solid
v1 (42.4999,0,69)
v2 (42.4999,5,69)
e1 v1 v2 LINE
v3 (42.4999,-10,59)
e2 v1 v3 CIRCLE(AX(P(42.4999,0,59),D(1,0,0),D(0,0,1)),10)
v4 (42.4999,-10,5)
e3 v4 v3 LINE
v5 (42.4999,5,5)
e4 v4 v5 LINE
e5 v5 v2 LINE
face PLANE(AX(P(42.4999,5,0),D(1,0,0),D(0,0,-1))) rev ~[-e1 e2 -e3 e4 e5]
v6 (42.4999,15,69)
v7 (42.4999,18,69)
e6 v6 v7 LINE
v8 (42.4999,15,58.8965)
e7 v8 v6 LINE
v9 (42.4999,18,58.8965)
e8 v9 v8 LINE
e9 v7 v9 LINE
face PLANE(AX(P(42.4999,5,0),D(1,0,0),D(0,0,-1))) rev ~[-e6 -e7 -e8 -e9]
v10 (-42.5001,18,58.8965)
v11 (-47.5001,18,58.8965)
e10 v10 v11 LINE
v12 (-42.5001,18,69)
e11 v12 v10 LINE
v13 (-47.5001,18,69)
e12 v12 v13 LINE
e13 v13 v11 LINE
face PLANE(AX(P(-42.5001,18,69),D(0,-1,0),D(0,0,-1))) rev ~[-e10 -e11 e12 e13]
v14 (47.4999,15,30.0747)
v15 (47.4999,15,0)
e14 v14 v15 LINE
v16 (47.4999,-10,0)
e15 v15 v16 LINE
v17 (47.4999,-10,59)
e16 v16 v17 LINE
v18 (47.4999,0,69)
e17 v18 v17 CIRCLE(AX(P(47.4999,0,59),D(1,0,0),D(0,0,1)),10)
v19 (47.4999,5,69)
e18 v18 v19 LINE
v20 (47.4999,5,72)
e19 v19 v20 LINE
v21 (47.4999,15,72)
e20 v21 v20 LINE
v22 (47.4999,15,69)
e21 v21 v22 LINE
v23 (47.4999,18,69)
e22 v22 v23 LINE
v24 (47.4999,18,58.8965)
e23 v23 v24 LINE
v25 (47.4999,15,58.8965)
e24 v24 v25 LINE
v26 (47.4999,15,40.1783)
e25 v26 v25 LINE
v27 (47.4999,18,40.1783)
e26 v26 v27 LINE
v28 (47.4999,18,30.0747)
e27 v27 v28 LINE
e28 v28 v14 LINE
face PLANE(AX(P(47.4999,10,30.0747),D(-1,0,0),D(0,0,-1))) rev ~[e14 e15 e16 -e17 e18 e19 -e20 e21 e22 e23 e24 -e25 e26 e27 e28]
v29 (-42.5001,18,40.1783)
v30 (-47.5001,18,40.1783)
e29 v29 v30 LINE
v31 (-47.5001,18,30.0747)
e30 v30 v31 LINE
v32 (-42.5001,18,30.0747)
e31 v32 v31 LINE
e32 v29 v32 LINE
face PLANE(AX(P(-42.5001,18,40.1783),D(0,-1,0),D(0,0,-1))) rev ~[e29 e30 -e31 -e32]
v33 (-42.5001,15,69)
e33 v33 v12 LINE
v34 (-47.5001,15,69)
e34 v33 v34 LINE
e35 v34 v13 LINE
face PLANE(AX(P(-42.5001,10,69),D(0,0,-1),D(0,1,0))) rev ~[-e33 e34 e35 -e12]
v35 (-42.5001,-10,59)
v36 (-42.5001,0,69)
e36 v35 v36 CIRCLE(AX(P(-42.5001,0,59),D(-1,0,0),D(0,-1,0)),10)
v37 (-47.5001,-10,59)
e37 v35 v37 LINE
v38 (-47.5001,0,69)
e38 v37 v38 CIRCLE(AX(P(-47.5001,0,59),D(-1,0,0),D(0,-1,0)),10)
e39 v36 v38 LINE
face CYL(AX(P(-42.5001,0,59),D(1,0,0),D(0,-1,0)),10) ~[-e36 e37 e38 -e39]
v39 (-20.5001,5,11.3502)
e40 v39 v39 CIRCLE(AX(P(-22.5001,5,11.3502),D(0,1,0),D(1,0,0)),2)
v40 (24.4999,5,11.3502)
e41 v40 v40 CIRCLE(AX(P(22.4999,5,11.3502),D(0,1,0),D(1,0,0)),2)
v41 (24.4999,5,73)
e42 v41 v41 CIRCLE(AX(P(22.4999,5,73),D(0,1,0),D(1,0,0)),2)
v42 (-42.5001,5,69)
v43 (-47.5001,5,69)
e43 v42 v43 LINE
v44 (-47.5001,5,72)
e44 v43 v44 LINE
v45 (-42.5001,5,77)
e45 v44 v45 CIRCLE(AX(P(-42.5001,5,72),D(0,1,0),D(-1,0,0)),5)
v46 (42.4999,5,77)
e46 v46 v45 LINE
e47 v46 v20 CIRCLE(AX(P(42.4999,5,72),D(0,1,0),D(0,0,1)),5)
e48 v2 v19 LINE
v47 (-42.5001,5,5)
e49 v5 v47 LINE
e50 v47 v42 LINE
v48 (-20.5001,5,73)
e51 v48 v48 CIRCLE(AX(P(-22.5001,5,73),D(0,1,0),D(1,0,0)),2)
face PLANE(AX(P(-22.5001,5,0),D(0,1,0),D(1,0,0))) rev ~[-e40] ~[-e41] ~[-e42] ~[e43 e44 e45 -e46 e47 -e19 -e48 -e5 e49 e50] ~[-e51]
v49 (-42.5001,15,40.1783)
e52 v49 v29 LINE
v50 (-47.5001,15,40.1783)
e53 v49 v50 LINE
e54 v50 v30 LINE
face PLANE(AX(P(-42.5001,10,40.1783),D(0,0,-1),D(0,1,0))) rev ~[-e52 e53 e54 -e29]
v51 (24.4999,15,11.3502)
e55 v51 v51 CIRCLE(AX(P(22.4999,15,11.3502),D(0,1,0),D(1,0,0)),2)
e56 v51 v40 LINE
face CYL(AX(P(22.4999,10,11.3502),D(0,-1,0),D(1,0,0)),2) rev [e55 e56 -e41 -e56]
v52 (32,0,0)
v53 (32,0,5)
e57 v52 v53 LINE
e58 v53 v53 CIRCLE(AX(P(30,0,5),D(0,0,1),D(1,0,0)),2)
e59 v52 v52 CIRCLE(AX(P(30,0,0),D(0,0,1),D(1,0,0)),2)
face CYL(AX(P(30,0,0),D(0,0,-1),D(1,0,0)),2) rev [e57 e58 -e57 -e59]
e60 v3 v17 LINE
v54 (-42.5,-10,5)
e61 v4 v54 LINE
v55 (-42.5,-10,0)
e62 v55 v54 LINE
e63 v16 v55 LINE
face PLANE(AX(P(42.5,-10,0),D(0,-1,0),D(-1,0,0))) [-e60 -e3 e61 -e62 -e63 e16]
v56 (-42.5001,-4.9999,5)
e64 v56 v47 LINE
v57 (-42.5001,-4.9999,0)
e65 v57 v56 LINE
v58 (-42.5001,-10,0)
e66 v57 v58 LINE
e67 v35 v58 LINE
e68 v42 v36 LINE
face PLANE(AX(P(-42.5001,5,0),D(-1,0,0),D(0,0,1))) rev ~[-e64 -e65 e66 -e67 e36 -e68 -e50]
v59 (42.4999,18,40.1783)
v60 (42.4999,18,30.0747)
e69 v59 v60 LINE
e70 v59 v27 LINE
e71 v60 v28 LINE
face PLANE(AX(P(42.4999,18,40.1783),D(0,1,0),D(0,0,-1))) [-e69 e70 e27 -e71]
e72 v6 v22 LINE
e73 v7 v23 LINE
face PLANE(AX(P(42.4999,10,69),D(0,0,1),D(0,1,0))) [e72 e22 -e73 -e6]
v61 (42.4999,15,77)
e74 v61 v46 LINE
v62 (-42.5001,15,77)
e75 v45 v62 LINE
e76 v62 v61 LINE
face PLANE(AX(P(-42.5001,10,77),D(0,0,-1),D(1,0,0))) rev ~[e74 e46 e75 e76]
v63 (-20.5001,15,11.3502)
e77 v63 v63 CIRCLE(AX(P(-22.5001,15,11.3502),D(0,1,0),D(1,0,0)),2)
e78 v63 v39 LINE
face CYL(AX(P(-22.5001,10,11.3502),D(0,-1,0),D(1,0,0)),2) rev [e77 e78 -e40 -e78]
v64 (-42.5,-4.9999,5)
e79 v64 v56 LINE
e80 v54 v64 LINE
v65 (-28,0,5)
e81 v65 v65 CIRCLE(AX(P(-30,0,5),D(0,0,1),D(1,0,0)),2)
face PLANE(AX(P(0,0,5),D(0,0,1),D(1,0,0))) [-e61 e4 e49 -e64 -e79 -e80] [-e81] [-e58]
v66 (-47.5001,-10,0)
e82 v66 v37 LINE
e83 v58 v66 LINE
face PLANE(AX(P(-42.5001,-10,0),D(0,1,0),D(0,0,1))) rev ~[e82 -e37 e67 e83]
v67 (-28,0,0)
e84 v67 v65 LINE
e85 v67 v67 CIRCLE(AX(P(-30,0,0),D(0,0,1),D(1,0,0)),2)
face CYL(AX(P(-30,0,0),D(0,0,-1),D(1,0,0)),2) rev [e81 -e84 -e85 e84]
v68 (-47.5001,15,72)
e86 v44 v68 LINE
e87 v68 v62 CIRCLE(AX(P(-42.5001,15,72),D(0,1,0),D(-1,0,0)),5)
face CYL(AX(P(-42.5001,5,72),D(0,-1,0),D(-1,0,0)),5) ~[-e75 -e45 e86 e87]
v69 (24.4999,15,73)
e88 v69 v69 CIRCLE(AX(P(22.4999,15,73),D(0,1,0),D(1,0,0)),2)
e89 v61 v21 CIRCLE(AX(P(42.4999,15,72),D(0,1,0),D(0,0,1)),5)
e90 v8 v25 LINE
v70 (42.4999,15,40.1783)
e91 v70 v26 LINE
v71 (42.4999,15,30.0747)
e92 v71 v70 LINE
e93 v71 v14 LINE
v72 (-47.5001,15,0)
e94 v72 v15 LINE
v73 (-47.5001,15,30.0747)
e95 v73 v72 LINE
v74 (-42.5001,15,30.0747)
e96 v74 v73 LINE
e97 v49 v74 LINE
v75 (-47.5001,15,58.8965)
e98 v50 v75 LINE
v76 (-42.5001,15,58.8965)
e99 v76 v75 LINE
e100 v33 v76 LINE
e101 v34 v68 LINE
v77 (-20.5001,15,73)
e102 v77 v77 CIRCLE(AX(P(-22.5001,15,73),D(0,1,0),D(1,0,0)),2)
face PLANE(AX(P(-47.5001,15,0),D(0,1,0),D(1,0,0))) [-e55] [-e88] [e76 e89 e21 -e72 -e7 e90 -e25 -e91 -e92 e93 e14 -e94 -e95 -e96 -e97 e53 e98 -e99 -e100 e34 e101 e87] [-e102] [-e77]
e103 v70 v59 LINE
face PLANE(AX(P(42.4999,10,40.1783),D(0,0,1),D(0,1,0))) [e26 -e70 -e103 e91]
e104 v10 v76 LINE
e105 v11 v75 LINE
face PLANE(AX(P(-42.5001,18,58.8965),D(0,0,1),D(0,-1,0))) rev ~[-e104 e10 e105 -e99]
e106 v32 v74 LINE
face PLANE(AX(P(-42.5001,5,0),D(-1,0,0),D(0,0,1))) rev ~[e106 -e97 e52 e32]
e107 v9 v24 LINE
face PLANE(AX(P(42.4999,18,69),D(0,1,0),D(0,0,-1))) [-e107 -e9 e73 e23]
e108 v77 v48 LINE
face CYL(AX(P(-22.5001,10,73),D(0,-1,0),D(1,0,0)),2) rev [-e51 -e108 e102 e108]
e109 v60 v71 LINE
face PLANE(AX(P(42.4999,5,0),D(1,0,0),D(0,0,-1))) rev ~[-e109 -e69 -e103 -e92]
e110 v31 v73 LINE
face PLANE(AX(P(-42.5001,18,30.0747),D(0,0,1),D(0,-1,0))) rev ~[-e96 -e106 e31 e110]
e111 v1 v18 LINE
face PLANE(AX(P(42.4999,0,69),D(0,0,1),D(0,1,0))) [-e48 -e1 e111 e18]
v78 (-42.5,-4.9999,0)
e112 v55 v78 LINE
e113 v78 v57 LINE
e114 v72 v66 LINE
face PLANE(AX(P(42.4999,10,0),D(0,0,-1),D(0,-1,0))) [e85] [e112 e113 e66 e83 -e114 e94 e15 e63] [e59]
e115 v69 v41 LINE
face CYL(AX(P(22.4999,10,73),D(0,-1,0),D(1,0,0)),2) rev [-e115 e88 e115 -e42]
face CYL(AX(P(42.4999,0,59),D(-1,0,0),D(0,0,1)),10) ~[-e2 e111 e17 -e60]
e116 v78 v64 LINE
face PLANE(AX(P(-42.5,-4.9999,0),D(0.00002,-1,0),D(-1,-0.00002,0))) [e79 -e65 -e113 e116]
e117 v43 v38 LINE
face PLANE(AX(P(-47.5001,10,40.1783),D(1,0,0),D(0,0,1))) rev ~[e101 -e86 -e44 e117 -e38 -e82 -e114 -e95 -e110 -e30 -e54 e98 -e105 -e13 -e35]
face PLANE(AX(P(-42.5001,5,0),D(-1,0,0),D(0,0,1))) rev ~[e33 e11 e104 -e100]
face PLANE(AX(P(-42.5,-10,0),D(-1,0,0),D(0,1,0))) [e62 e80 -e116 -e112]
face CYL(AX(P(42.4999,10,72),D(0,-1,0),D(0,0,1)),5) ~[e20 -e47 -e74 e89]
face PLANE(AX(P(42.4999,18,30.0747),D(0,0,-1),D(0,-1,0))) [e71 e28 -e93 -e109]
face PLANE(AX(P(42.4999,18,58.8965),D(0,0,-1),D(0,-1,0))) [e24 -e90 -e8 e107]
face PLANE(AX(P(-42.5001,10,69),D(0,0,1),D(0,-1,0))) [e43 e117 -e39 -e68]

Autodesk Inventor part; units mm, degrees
ref_plane "YZ Plane" through (0, 0, 0) normal (1, 0, 0) x (0, 1, 0)
ref_plane "XZ Plane" through (0, 0, 0) normal (0, 1, 0) x (-1, 0, 0)
ref_plane "XY Plane" through (0, 0, 0) normal (0, 0, 1) x (1, 0, 0)
sketch "Sketch1" plane through (0, 0, 0) normal (0, 0, 1) x (1, 0, 0)
  line L0 (42.5, -5) -> (47.4999, -5)
  line L1 (42.5, -10) -> (-42.5, -10)
  line L2 (42.5, -10) -> (42.5, -5)
  line L3 (-42.5, -10) -> (-42.5, -4.9999)
  line L4 (-42.5, -4.9999) -> (-47.5001, -5)
  line L5 (-42.5001, 10) -> (-22.5001, 10)
  line L6 (-42.5001, 10) -> (-42.5001, 5)
  line L7 (42.4999, 10) -> (42.4999, 5)
  line L8 (-42.5001, 5) -> (-47.5001, 5)
  line L9 (42.4999, 5) -> (47.4999, 5)
  line L10 (22.4999, 10) -> (42.4999, 10)
  line L11 (-22.5001, 5) -> (-22.5001, 10)
  line L12 (-22.5001, 5) -> (22.4999, 5)
  line L13 (22.4999, 5) -> (22.4999, 10)
  circle A0 centre (30, 0) radius 2
  circle A1 centre (-30, 0) radius 2
  line L14 (-47.5001, -5) -> (-47.5001, 5)
  line L15 (47.4999, 5) -> (47.4999, -5)
  point P0 (0, 0)
  point P1 (-34.7671, -4.6223)
  dimension "d0" = 4
  dimension "d12" = 30
  dimension "d13" = 4
  dimension "d14" = 30
  dimension "d15" = 20
  dimension "d16" = 20
  dimension "d17" = 42.5
  dimension "d18" = 42.5
  dimension "d21" = 45
  dimension "d32" = 5
  dimension "d33" = 5
extrude "Leap AP" add sketch "Sketch1" along normal blind 5
sketch "Sketch2" plane through (-22.5001, 5, 0) normal (0, 1, 0) x (1, 0, 0)
  line L0 (-25, -56) -> (-20, -56)
  line L1 (70, -56) -> (65, -56)
  line L2 (-20, -56) -> (-20, -69)
  line L3 (-20, -69) -> (-25, -69)
  line L4 (-25, -69) -> (-25, -72)
  line L5 (65, -56) -> (65, -69)
  line L6 (65, -69) -> (70, -69)
  line L7 (70, -69) -> (70, -72)
  line L8 (65, -77) -> (-20, -77)
  line L9 (0, -5) -> (0, 0)
  arc A0 (-25, -72) -> (-20, -77) centre (-20, -72) ccw
  arc A1 (65, -77) -> (70, -72) centre (65, -72) ccw
  line L10 (0, -5) -> (-25, -5)
  line L11 (45, 0) -> (0, 0) projected
  line L12 (45, 0) -> (45, -5)
  circle A2 centre (0, -73) radius 2
  circle A3 centre (45, -73) radius 2
  line L13 (-25, -56) -> (-25, -5)
  line L14 (70, -56) -> (70, -5)
  circle A4 centre (0, -11.3502) radius 2
  circle A5 centre (45, -11.3502) radius 2
  line L15 (45, -5) -> (70, -5)
  point P0 (-25, -77)
  point P1 (70, -77)
  point P2 (69.9999, -5)
  point P3 (11.4357, -9.3722)
  dimension "d52" = 13
  dimension "d54" = 8
  dimension "d55" = 5
  dimension "d56" = 5
  dimension "d74" = 4
  dimension "d75" = 4
  dimension "d76" = 4
  dimension "d77" = 4
  dimension "d78" = 25
  dimension "d79" = 25
  dimension "d83" = 51
  dimension "d84" = 4
  dimension "d85" = 4
extrude "Leap Base" add sketch "Sketch2" along normal blind 5
sketch "Sketch3" plane through (-42.5001, 5, 0) normal (-1, 0, 0) x (0, 0, 1)
  line L0 (0, -9.9999) -> (5, -9.9999) projected
  line L1 (0, -9.9999) -> (0, -15) projected
  line L2 (0, -15) -> (5, -15) projected
  line L3 (0, 0) -> (5, 0) projected
  line L4 (5, -9.9999) -> (5, 0)
  line L5 (5, -15) -> (59, -15)
  line L6 (0, 0) -> (0, 5) projected
  line L7 (69, 5) -> (69, 13)
  line L8 (69, 5) -> (69, -5)
  arc A0 (59, -15) -> (69, -5) centre (59, -5) ccw
  line L9 (69, 13) -> (58.8965, 13)
  line L10 (58.8965, 13) -> (58.8965, 5)
  line L11 (40.1783, 5) -> (40.1783, 13)
  line L12 (40.1783, 13) -> (30.0747, 13)
  line L13 (30.0747, 13) -> (30.0747, 5)
  line L14 (0, 5) -> (30.0747, 5)
  line L15 (40.1783, 5) -> (58.8965, 5)
  point P0 (69, -15)
  point P1 (8.1162, -2.0146)
  dimension "d72" = 10
  dimension "d86" = 8
extrude "2x Leap Side" add sketch "Sketch3" along normal blind 5
sketch "Sketch4" plane through (42.4999, 5, 0) normal (1, 0, 0) x (0, 0, -1)
  line L0 (0, 5) -> (0, -15) projected
  line L1 (0, -15) -> (-59, -15) projected
  arc A0 (-69, -5) -> (-59, -15) centre (-59, -5) ccw projected
  line L2 (-69, -5) -> (-69, 0) projected
  line L3 (-69, 0) -> (-72, 0) projected
  line L4 (-72, 0) -> (-72, 5) projected
  line L5 (-69, 5) -> (-72, 5) projected
  line L6 (-69, 5) -> (-69, 13) projected
  line L7 (-69, 13) -> (-58.8965, 13) projected
  line L8 (-58.8965, 13) -> (-58.8965, 5) projected
  line L9 (-30.0747, 5) -> (0, 5) projected
  line L10 (-40.1783, 5) -> (-58.8965, 5) projected
  line L11 (-40.1783, 5) -> (-40.1783, 13) projected
  line L12 (-40.1783, 13) -> (-30.0747, 13) projected
  line L13 (-30.0747, 13) -> (-30.0747, 5) projected
extrude "Extrusion4" add sketch "Sketch4" along normal blind 5
sketch "Sketch5" plane through (-47.5001, 10, 0) normal (0, 1, 0) x (1, 0, 0)
  line L0 (5, -58.8965) -> (0, -58.8965) projected
  line L1 (5, -69) -> (5, -58.8965) projected
  line L2 (5, -69) -> (0, -69) projected
  line L3 (0, -69) -> (0, -72) projected
  arc A0 (0, -72) -> (5, -77) centre (5, -72) ccw projected
  line L4 (5, -77) -> (90, -77) projected
  arc A1 (90, -77) -> (95, -72) centre (90, -72) ccw projected
  circle A2 centre (25, -73) radius 2 projected
  circle A3 centre (70, -73) radius 2 projected
  line L5 (0, 0) -> (95, 0) projected
  line L6 (0, -30.0747) -> (0, 0) projected
  line L7 (95, -40.1783) -> (95, -58.8965) projected
  line L8 (95, -30.0747) -> (95, 0) projected
  line L9 (0, -40.1783) -> (0, -58.8965) projected
  line L10 (90, -58.8965) -> (90, -69) projected
  line L11 (90, -58.8965) -> (95, -58.8965) projected
  line L12 (5, -30.0747) -> (0, -30.0747) projected
  line L13 (5, -40.1783) -> (5, -30.0747) projected
  line L14 (5, -40.1783) -> (0, -40.1783) projected
  line L15 (90, -40.1783) -> (95, -40.1783) projected
  line L16 (90, -30.0747) -> (90, -40.1783) projected
  line L17 (90, -30.0747) -> (95, -30.0747) projected
  line L18 (90, -69) -> (95, -69) projected
  line L19 (95, -72) -> (95, -69) projected
  circle A4 centre (25, -11.3502) radius 2 projected
  circle A5 centre (70, -11.3502) radius 2 projected
  point P0 (31.9525, -5.2817)
extrude "Leap Top Base" add sketch "Sketch5" along normal blind 5
properties part number "Attaching Point" material "Nylon 6/6"
